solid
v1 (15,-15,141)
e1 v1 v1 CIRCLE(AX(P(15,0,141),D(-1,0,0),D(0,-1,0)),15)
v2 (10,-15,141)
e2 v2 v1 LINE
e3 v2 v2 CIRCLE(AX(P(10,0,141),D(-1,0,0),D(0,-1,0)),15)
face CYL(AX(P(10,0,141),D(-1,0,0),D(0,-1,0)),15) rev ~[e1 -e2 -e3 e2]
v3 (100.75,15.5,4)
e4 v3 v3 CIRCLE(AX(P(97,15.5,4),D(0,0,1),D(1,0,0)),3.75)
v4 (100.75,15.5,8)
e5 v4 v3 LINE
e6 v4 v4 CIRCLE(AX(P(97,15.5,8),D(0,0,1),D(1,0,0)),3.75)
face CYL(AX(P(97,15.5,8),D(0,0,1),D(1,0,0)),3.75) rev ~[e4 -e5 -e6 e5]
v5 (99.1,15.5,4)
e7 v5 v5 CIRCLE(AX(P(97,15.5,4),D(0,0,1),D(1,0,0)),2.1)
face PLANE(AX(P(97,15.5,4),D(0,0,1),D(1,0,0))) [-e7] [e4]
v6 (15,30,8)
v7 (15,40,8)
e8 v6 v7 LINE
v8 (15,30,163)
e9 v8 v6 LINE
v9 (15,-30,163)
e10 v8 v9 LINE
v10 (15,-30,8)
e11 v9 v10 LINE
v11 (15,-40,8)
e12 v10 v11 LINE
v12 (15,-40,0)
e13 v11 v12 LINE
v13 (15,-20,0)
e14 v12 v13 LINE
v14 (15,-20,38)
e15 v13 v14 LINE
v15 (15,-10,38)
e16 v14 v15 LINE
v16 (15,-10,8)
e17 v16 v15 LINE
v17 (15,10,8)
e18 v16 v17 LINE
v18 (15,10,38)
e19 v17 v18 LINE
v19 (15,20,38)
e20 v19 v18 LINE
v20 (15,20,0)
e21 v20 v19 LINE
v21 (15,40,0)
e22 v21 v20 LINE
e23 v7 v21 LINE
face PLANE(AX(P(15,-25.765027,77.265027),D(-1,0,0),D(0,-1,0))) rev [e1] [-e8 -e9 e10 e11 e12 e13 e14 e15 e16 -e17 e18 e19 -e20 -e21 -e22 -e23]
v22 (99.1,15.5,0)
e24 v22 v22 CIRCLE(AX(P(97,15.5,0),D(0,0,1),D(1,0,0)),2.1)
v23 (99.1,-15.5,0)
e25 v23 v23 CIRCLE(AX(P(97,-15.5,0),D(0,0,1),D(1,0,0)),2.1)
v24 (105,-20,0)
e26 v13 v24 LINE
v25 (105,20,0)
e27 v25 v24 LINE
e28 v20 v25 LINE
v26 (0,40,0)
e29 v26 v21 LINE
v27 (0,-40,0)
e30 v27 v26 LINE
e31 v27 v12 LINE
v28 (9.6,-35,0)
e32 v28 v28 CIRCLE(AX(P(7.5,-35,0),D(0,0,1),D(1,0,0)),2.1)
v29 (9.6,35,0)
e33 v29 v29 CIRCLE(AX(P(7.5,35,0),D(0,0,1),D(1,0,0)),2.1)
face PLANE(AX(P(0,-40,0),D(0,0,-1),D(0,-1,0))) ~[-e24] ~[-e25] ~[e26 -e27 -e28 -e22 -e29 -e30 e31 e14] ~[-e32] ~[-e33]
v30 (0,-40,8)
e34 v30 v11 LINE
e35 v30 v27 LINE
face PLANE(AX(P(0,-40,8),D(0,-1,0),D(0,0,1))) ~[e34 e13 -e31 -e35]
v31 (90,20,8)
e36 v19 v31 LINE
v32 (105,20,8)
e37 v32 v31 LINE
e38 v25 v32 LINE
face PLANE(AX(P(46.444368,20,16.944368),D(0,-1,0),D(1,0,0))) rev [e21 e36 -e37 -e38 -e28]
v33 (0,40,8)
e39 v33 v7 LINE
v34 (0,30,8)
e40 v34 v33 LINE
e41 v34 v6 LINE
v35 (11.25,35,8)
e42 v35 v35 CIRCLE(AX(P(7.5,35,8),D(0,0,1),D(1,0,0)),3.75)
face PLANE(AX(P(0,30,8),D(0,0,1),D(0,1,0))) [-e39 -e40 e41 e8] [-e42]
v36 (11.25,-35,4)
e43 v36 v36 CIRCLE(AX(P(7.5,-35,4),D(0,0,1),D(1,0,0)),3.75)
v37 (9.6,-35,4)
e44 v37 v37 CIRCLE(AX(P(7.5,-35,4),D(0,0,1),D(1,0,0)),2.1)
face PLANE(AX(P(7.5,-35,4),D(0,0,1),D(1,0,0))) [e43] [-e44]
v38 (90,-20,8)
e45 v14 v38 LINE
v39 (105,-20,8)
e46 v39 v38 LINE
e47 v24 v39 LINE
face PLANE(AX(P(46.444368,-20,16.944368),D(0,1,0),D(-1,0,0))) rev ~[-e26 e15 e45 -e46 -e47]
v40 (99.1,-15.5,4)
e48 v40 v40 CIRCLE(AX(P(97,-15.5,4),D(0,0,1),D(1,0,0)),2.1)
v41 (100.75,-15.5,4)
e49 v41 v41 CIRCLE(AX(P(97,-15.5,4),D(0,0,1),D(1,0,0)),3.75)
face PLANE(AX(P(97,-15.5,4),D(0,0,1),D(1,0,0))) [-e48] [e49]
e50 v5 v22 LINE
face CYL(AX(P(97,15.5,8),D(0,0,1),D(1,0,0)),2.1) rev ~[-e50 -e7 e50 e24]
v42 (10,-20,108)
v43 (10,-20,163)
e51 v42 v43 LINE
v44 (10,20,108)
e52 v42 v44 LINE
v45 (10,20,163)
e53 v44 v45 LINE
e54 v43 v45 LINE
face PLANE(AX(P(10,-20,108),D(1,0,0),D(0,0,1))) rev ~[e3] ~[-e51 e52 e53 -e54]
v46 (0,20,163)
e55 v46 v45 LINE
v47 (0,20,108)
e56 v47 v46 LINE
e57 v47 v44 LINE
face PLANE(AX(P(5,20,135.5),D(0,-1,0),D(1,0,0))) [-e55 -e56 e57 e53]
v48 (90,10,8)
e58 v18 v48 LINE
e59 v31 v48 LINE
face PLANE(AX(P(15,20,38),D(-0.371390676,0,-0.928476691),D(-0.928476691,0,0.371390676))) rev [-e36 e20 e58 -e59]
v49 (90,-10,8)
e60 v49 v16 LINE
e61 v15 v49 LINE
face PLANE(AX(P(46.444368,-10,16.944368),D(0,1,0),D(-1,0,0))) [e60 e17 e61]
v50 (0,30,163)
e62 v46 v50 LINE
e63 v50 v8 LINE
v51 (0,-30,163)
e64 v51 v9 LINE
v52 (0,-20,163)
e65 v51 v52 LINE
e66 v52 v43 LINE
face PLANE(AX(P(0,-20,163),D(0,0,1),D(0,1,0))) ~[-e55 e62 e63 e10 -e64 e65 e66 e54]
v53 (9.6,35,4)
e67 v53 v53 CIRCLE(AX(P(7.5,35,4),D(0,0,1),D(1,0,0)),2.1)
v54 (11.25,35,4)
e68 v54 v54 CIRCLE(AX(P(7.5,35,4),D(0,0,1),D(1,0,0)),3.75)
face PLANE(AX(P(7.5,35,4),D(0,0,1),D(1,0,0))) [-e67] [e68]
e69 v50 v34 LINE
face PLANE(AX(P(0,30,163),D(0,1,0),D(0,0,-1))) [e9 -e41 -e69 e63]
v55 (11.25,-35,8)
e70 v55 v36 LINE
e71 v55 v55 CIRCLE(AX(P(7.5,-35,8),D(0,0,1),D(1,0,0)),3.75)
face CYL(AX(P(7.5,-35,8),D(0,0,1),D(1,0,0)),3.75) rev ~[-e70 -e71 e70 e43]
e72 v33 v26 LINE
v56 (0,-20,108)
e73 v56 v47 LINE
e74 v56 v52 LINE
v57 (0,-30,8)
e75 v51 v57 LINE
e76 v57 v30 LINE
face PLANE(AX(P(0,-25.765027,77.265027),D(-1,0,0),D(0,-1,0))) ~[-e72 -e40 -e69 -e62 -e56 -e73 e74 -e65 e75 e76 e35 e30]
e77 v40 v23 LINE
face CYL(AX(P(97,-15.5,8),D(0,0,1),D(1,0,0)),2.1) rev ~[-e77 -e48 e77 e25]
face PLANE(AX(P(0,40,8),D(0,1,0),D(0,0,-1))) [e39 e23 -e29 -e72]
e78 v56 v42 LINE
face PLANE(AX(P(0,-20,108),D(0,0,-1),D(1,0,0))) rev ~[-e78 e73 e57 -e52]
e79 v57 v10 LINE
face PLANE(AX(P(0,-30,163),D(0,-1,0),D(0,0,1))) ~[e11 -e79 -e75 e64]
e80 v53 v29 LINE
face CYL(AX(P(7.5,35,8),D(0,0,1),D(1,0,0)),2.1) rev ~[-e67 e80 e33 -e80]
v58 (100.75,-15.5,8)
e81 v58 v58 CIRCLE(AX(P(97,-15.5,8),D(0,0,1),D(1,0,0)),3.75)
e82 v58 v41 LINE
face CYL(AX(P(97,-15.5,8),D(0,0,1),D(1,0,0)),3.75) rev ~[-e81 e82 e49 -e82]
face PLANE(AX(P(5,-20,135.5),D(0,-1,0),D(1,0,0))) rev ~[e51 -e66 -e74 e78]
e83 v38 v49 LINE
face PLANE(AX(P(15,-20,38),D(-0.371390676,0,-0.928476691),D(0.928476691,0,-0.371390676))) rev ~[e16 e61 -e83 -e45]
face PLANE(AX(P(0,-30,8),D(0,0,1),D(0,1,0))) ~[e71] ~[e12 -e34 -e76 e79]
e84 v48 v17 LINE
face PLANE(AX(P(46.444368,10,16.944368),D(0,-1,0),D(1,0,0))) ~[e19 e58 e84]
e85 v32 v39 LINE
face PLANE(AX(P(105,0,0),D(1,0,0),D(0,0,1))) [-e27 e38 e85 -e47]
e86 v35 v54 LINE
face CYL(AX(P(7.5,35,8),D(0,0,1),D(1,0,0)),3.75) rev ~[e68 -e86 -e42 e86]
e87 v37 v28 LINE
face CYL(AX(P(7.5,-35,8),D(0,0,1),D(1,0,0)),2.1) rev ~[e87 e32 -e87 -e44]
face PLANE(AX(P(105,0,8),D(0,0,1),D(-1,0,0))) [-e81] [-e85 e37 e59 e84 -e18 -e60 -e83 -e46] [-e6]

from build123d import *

# Parameters (mm, degrees)
PAD_DEPTH       = 20
PAD001_DEPTH    = 10
PAD002_DEPTH    = 15
SKETCH003_R     = 2.1
POCKET_DEPTH    = 8.001
SKETCH004_R     = 3.75
POCKET001_DEPTH = 4
SKETCH005_W     = 10
SKETCH005_H     = 55
POCKET002_DEPTH = 40
SKETCH006_R     = 15
POCKET003_DEPTH = 95.001


with BuildPart() as part:
    # Sketch → Pad (new body, symmetric)
    with BuildSketch(Plane.XZ):
        Polygon((0, 163), (0, 0), (105, 0), (105, 8), (15, 8), (15, 163), align=None)
    extrude(amount=PAD_DEPTH, both=True)

    # Sketch001 (on Face8 of Pad) → Pad001 (join)
    with BuildSketch(Plane.XZ.offset(20)):
        Polygon((15, 38), (90, 8), (15, 8), align=None)
    pad001 = extrude(amount=-PAD001_DEPTH)

    # Mirrored: Pad001 across XZ
    add(pad001.mirror(Plane.XZ))

    # Sketch002 (on Face1 of Mirrored) → Pad002 (join)
    with BuildSketch(Plane(origin=(0, 0, 0), x_dir=(0, -1, 0), z_dir=(-1, 0, 0))):
        Polygon((-40, 0), (-20, 0), (-20, 163), (-30, 163), (-30, 8), (-40, 8), align=None)
    pad002 = extrude(amount=-PAD002_DEPTH)

    # Mirrored001: Pad002 across Sketch002 V_Axis
    add(pad002.mirror(Plane(origin=(0, 0, 0), x_dir=(-1, 0, 0), z_dir=(0, -1, 0))))

    # Sketch003 (on Face11 of Mirrored001) → Pocket (cut, through all)
    with BuildSketch(Plane.XY.offset(8)):
        with Locations((7.5, 35)):
            Circle(SKETCH003_R)
        with Locations((7.5, -35)):
            Circle(SKETCH003_R)
        with Locations((97, 15.5)):
            Circle(SKETCH003_R)
        with Locations((97, -15.5)):
            Circle(SKETCH003_R)
    extrude(amount=-POCKET_DEPTH, mode=Mode.SUBTRACT)

    # Sketch004 (on Face15 of Pocket) → Pocket001 (cut)
    with BuildSketch(Plane.XY.offset(8)):
        with Locations((7.5, 35)):
            Circle(SKETCH004_R)
        with Locations((97, 15.5)):
            Circle(SKETCH004_R)
        with Locations((97, -15.5)):
            Circle(SKETCH004_R)
        with Locations((7.5, -35)):
            Circle(SKETCH004_R)
    extrude(amount=-POCKET001_DEPTH, mode=Mode.SUBTRACT)

    # Sketch005 (on Face12 of Pocket001) → Pocket002 (cut)
    with BuildSketch(Plane.XZ.offset(20)):
        with Locations((5, 135.5)):
            Rectangle(SKETCH005_W, SKETCH005_H)
    extrude(amount=-POCKET002_DEPTH, mode=Mode.SUBTRACT)

    # Sketch006 (on Face23 of Pocket002) → Pocket003 (cut, through all)
    with BuildSketch(Plane(origin=(10, 0, 0), x_dir=(0, -1, 0), z_dir=(-1, 0, 0))):
        with Locations((0, 141)):
            Circle(SKETCH006_R)
    extrude(amount=-POCKET003_DEPTH, mode=Mode.SUBTRACT)


solid = part.part
